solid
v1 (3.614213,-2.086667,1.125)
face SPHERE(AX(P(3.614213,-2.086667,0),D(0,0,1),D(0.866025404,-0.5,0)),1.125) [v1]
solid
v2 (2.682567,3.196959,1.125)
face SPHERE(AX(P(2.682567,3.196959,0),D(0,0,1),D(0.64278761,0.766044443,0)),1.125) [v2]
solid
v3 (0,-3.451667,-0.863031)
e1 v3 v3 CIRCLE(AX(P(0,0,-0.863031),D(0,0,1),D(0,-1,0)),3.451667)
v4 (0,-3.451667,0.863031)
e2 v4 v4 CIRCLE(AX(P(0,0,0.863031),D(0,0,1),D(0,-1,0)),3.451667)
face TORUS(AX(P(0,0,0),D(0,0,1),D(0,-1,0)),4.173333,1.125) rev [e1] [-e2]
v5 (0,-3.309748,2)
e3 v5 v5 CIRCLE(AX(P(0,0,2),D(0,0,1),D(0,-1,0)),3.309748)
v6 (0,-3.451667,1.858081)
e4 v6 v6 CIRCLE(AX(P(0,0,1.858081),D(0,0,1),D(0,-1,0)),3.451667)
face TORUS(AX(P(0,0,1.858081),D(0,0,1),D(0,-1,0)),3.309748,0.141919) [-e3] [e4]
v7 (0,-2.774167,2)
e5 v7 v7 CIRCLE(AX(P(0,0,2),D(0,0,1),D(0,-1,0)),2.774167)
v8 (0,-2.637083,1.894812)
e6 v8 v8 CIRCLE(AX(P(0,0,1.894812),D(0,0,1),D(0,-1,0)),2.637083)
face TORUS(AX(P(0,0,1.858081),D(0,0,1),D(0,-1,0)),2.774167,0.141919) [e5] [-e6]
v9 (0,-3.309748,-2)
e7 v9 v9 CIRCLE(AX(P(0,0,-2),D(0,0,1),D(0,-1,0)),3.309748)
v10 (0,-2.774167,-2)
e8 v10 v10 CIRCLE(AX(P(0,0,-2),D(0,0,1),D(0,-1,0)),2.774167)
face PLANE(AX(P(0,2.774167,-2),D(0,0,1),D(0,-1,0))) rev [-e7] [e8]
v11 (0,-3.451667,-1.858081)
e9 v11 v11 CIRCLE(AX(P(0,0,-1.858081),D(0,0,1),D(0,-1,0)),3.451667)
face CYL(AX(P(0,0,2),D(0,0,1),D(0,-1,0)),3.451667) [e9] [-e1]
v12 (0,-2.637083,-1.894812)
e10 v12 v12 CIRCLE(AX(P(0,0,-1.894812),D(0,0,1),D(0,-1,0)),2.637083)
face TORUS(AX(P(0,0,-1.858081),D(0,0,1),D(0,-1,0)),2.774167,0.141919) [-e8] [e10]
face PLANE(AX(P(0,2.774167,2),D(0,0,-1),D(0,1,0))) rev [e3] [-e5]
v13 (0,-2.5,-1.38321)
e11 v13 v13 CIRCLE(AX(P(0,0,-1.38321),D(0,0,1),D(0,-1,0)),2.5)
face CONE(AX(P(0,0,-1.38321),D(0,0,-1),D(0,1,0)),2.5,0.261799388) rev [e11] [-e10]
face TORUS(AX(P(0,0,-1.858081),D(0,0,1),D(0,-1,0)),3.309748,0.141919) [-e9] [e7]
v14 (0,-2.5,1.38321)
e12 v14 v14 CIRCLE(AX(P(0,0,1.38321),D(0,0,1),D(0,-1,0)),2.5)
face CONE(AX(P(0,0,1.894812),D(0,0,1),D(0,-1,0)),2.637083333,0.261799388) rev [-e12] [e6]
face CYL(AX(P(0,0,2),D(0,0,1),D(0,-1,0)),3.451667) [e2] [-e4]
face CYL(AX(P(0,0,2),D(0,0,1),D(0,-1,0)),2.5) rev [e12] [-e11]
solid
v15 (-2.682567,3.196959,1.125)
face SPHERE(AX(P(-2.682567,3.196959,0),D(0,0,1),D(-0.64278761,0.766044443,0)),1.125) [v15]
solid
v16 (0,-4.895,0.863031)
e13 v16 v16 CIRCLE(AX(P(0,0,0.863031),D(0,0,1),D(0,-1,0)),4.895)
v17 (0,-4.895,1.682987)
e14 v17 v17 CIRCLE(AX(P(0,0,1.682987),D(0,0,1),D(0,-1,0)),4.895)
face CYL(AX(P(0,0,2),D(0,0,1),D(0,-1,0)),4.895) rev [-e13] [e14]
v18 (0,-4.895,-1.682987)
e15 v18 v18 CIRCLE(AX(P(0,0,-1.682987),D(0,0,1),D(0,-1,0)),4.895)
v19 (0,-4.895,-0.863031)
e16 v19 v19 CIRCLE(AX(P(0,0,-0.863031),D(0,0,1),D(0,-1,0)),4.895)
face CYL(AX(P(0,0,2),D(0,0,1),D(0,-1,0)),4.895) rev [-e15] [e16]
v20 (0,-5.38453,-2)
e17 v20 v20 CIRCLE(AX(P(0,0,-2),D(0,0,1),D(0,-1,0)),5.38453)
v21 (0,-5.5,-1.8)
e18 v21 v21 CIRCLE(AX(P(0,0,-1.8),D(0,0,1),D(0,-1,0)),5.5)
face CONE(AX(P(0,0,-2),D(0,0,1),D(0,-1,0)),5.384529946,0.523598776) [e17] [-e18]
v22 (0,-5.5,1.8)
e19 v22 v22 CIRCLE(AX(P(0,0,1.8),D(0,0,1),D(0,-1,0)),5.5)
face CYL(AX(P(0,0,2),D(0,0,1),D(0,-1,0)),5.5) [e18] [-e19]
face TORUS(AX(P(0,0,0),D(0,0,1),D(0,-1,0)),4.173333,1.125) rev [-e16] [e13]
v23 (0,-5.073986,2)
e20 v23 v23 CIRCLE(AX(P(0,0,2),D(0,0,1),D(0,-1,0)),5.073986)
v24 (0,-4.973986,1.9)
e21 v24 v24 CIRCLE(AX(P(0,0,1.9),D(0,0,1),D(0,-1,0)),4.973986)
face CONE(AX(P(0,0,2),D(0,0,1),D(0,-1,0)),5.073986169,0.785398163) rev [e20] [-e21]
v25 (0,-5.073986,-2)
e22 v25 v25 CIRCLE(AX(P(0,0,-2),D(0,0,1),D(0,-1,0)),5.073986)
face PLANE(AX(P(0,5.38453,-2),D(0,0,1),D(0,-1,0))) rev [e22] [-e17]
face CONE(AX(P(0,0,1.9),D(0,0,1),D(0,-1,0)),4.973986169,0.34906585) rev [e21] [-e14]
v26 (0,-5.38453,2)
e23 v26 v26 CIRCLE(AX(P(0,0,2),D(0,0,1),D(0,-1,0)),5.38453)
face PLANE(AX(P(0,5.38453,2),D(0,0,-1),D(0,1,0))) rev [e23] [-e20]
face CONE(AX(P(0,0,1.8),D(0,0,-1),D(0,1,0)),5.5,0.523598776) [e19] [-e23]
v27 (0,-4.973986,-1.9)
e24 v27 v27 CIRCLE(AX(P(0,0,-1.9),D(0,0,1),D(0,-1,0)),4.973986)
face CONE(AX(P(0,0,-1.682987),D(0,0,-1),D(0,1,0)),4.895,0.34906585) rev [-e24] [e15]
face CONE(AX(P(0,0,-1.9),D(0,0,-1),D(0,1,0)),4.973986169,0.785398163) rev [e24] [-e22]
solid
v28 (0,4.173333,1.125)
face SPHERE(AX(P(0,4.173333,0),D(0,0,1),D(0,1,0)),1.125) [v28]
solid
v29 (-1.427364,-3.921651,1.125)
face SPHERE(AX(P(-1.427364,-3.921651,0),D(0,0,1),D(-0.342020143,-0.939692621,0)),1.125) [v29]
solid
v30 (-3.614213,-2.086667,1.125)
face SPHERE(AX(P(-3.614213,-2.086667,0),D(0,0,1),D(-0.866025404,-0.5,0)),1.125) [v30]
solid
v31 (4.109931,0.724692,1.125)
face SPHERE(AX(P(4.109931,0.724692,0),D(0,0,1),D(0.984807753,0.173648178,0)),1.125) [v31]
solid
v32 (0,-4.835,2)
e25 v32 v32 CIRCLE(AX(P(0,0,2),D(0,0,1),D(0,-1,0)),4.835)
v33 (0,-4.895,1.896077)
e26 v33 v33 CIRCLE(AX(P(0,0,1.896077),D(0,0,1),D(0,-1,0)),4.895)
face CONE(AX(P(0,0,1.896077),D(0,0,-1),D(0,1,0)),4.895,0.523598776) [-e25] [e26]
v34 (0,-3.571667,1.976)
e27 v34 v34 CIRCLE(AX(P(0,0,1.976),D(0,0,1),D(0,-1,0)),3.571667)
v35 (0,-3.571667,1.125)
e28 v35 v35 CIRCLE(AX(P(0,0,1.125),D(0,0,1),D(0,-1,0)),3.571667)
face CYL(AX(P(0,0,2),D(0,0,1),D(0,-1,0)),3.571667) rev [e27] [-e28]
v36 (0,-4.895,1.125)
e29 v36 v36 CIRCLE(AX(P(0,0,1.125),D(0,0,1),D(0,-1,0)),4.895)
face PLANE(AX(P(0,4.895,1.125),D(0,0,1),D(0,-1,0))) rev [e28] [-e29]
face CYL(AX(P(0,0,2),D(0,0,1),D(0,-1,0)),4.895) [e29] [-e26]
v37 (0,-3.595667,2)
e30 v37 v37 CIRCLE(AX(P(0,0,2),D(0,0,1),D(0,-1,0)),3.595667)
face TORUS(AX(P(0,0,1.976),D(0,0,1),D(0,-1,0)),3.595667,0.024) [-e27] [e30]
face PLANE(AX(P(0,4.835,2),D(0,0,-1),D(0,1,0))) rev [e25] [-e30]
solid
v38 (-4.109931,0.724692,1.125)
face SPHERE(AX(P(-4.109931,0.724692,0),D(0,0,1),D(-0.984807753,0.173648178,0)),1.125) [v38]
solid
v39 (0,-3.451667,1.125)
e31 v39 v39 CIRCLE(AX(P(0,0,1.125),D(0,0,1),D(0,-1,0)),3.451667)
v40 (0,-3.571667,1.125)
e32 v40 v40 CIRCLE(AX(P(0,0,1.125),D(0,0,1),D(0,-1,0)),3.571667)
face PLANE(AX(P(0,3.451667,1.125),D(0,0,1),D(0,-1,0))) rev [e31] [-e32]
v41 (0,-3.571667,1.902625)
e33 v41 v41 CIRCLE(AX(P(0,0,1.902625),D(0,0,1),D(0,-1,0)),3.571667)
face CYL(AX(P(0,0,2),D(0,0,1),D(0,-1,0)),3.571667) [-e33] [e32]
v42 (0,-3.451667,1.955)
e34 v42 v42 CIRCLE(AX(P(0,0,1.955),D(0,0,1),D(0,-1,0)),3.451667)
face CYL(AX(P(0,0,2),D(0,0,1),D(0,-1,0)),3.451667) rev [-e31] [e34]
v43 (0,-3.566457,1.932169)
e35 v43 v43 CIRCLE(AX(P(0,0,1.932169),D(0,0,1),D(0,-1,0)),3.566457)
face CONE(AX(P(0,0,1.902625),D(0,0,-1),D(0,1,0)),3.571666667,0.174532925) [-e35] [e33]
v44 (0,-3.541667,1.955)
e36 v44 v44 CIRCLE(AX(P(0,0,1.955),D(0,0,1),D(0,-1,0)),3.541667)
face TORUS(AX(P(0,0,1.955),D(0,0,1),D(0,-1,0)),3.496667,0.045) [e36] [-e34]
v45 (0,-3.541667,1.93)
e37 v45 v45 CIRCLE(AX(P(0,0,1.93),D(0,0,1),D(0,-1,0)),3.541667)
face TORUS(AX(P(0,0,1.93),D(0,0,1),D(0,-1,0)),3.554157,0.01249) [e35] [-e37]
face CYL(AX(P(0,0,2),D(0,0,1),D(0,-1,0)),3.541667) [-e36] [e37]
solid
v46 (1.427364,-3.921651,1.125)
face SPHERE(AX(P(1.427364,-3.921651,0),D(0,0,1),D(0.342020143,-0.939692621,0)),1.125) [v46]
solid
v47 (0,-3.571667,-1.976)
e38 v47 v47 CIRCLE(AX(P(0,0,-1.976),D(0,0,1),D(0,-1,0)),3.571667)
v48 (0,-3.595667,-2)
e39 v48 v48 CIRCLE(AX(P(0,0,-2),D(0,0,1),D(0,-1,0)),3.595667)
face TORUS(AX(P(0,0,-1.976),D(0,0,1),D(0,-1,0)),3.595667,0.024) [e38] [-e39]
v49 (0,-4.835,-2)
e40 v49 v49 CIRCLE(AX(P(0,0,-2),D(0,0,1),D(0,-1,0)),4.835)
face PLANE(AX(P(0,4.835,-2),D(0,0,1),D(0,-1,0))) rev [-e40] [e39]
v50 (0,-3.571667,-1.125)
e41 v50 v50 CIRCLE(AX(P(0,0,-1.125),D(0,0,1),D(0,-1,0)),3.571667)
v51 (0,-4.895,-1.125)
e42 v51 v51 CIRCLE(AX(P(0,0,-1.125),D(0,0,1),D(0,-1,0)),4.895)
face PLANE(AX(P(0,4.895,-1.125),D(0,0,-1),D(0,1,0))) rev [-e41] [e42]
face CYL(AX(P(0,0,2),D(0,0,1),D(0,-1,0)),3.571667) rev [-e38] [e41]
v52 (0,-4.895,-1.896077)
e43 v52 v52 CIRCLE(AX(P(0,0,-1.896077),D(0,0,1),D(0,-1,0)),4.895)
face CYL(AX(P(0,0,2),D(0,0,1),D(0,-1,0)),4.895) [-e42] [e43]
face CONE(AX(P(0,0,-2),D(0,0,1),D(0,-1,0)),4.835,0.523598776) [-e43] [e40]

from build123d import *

# Parameters (mm, degrees)
CIRPATTERN1_COUNT = 9


with BuildPart() as part:
    # Sketch3 → Revolve1 (revolve)
    with BuildSketch(Plane(origin=(0, 0, 0), x_dir=(0, 0, -1), z_dir=(1, 0, 0)), mode=Mode.PRIVATE) as revolve1_sk:
        with BuildLine():
            Line((-1.682987285, 4.895), (-1.9, 4.973986169))
            Line((-1.9, 4.973986169), (-2, 5.073986169))
            Line((-2, 5.073986169), (-2, 5.384529946))
            Line((-2, 5.384529946), (-1.8, 5.5))
            Line((-1.8, 5.5), (1.8, 5.5))
            Line((1.8, 5.5), (2, 5.384529946))
            Line((2, 5.384529946), (2, 5.073986169))
            Line((2, 5.073986169), (1.9, 4.973986169))
            Line((1.9, 4.973986169), (1.682987285, 4.895))
            Line((1.682987285, 4.895), (0.863030835, 4.895))
            ThreePointArc((0.863030835, 4.895), (0, 5.298333333), (-0.863030835, 4.895))
            Line((-0.863030835, 4.895), (-1.682987285, 4.895))
        make_face()
    revolve(revolve1_sk.sketch.rotate(Axis((0, 0, 2), (0, 0, -1)), 180), axis=Axis((0, 0, 2), (0, 0, -1)))


with BuildPart() as body_2:
    # Sketch4 → Revolve2 (revolve)
    with BuildSketch(Plane(origin=(0, 0, 0), x_dir=(0, 0, -1), z_dir=(1, 0, 0)), mode=Mode.PRIVATE) as revolve2_sk:
        with BuildLine():
            Line((-1.383210294, 2.5), (-1.894812259, 2.637083333))
            ThreePointArc((-1.894812259, 2.637083333), (-1.97067289, 2.687771787), (-2, 2.774166667))
            Line((-2, 2.774166667), (-2, 3.309747557))
            ThreePointArc((-2, 3.309747557), (-1.958432855, 3.410099522), (-1.85808089, 3.451666667))
            Line((-1.85808089, 3.451666667), (-0.863030835, 3.451666667))
            ThreePointArc((-0.863030835, 3.451666667), (0, 3.048333333), (0.863030835, 3.451666667))
            Line((0.863030835, 3.451666667), (1.85808089, 3.451666667))
            ThreePointArc((1.85808089, 3.451666667), (1.958432855, 3.410099522), (2, 3.309747557))
            Line((2, 3.309747557), (2, 2.774166667))
            ThreePointArc((2, 2.774166667), (1.97067289, 2.687771787), (1.894812259, 2.637083333))
            Line((1.894812259, 2.637083333), (1.383210294, 2.5))
            Line((1.383210294, 2.5), (-1.383210294, 2.5))
        make_face()
    revolve(revolve2_sk.sketch.rotate(Axis((0, 0, 2), (0, 0, -1)), 180), axis=Axis((0, 0, 2), (0, 0, -1)))


with BuildPart() as body_3:
    # Sketch5 → Revolve3 (revolve)
    with BuildSketch(Plane(origin=(0, 0, 0), x_dir=(0, 0, -1), z_dir=(1, 0, 0))):
        with BuildLine():
            Line((-1.125, 4.173333333), (1.125, 4.173333333))
            ThreePointArc((1.125, 4.173333333), (0, 5.298333333), (-1.125, 4.173333333))
        make_face()
    revolve(axis=Axis((0, 4.173333333, 1.125), (0, 0, -1)))


with BuildPart() as cirpattern1_1:
    # CirPattern1: pattern copy
    add(body_3.part.rotate(Axis((0, 0, 0), (0, 0, 1)), 1 * 360 / CIRPATTERN1_COUNT))


with BuildPart() as cirpattern1_2:
    # CirPattern1: pattern copy
    add(body_3.part.rotate(Axis((0, 0, 0), (0, 0, 1)), 2 * 360 / CIRPATTERN1_COUNT))


with BuildPart() as cirpattern1_3:
    # CirPattern1: pattern copy
    add(body_3.part.rotate(Axis((0, 0, 0), (0, 0, 1)), 3 * 360 / CIRPATTERN1_COUNT))


with BuildPart() as cirpattern1_4:
    # CirPattern1: pattern copy
    add(body_3.part.rotate(Axis((0, 0, 0), (0, 0, 1)), 4 * 360 / CIRPATTERN1_COUNT))


with BuildPart() as cirpattern1_5:
    # CirPattern1: pattern copy
    add(body_3.part.rotate(Axis((0, 0, 0), (0, 0, 1)), 5 * 360 / CIRPATTERN1_COUNT))


with BuildPart() as cirpattern1_6:
    # CirPattern1: pattern copy
    add(body_3.part.rotate(Axis((0, 0, 0), (0, 0, 1)), 6 * 360 / CIRPATTERN1_COUNT))


with BuildPart() as cirpattern1_7:
    # CirPattern1: pattern copy
    add(body_3.part.rotate(Axis((0, 0, 0), (0, 0, 1)), 7 * 360 / CIRPATTERN1_COUNT))


with BuildPart() as cirpattern1_8:
    # CirPattern1: pattern copy
    add(body_3.part.rotate(Axis((0, 0, 0), (0, 0, 1)), 8 * 360 / CIRPATTERN1_COUNT))


with BuildPart() as body_12:
    # Sketch6 → Revolve4 (revolve)
    with BuildSketch(Plane(origin=(0, 0, 0), x_dir=(0, 0, -1), z_dir=(1, 0, 0)), mode=Mode.PRIVATE) as revolve4_sk:
        with BuildLine():
            Line((-1.896076952, 4.895), (-1.125, 4.895))
            Line((-1.125, 4.895), (-1.125, 3.571666667))
            Line((-1.125, 3.571666667), (-1.976, 3.571666667))
            ThreePointArc((-1.976, 3.571666667), (-1.992970563, 3.578696104), (-2, 3.595666667))
            Line((-2, 3.595666667), (-2, 4.835))
            Line((-2, 4.835), (-1.896076952, 4.895))
        make_face()
        with BuildLine():
            Line((1.976, 3.571666667), (1.125, 3.571666667))
            Line((1.125, 3.571666667), (1.125, 4.895))
            Line((1.125, 4.895), (1.896076952, 4.895))
            Line((1.896076952, 4.895), (2, 4.835))
            Line((2, 4.835), (2, 3.595666667))
            ThreePointArc((2, 3.595666667), (1.992970563, 3.578696104), (1.976, 3.571666667))
        make_face()
    revolve(revolve4_sk.sketch.rotate(Axis((0, 0, 2), (0, 0, -1)), 180), axis=Axis((0, 0, 2), (0, 0, -1)))


with BuildPart() as body_13:
    # Sketch7 → Revolve5 (revolve)
    with BuildSketch(Plane(origin=(0, 0, 0), x_dir=(0, 0, -1), z_dir=(1, 0, 0)), mode=Mode.PRIVATE) as revolve5_sk:
        with BuildLine():
            Line((-1.125, 3.571666667), (-1.90262466, 3.571666667))
            Line((-1.90262466, 3.571666667), (-1.932168892, 3.566457221))
            ThreePointArc((-1.932168892, 3.566457221), (-1.942442625, 3.553068232), (-1.93, 3.541666667))
            Line((-1.93, 3.541666667), (-1.955, 3.541666667))
            ThreePointArc((-1.955, 3.541666667), (-2, 3.496666667), (-1.955, 3.451666667))
            Line((-1.955, 3.451666667), (-1.125, 3.451666667))
            Line((-1.125, 3.451666667), (-1.125, 3.571666667))
        make_face()
    revolve(revolve5_sk.sketch.rotate(Axis((0, 0, 2), (0, 0, -1)), 180), axis=Axis((0, 0, 2), (0, 0, -1)))


solid = Compound([part.part, body_2.part, body_3.part, cirpattern1_1.part, cirpattern1_2.part, cirpattern1_3.part, cirpattern1_4.part, cirpattern1_5.part, cirpattern1_6.part, cirpattern1_7.part, cirpattern1_8.part, body_12.part, body_13.part])
